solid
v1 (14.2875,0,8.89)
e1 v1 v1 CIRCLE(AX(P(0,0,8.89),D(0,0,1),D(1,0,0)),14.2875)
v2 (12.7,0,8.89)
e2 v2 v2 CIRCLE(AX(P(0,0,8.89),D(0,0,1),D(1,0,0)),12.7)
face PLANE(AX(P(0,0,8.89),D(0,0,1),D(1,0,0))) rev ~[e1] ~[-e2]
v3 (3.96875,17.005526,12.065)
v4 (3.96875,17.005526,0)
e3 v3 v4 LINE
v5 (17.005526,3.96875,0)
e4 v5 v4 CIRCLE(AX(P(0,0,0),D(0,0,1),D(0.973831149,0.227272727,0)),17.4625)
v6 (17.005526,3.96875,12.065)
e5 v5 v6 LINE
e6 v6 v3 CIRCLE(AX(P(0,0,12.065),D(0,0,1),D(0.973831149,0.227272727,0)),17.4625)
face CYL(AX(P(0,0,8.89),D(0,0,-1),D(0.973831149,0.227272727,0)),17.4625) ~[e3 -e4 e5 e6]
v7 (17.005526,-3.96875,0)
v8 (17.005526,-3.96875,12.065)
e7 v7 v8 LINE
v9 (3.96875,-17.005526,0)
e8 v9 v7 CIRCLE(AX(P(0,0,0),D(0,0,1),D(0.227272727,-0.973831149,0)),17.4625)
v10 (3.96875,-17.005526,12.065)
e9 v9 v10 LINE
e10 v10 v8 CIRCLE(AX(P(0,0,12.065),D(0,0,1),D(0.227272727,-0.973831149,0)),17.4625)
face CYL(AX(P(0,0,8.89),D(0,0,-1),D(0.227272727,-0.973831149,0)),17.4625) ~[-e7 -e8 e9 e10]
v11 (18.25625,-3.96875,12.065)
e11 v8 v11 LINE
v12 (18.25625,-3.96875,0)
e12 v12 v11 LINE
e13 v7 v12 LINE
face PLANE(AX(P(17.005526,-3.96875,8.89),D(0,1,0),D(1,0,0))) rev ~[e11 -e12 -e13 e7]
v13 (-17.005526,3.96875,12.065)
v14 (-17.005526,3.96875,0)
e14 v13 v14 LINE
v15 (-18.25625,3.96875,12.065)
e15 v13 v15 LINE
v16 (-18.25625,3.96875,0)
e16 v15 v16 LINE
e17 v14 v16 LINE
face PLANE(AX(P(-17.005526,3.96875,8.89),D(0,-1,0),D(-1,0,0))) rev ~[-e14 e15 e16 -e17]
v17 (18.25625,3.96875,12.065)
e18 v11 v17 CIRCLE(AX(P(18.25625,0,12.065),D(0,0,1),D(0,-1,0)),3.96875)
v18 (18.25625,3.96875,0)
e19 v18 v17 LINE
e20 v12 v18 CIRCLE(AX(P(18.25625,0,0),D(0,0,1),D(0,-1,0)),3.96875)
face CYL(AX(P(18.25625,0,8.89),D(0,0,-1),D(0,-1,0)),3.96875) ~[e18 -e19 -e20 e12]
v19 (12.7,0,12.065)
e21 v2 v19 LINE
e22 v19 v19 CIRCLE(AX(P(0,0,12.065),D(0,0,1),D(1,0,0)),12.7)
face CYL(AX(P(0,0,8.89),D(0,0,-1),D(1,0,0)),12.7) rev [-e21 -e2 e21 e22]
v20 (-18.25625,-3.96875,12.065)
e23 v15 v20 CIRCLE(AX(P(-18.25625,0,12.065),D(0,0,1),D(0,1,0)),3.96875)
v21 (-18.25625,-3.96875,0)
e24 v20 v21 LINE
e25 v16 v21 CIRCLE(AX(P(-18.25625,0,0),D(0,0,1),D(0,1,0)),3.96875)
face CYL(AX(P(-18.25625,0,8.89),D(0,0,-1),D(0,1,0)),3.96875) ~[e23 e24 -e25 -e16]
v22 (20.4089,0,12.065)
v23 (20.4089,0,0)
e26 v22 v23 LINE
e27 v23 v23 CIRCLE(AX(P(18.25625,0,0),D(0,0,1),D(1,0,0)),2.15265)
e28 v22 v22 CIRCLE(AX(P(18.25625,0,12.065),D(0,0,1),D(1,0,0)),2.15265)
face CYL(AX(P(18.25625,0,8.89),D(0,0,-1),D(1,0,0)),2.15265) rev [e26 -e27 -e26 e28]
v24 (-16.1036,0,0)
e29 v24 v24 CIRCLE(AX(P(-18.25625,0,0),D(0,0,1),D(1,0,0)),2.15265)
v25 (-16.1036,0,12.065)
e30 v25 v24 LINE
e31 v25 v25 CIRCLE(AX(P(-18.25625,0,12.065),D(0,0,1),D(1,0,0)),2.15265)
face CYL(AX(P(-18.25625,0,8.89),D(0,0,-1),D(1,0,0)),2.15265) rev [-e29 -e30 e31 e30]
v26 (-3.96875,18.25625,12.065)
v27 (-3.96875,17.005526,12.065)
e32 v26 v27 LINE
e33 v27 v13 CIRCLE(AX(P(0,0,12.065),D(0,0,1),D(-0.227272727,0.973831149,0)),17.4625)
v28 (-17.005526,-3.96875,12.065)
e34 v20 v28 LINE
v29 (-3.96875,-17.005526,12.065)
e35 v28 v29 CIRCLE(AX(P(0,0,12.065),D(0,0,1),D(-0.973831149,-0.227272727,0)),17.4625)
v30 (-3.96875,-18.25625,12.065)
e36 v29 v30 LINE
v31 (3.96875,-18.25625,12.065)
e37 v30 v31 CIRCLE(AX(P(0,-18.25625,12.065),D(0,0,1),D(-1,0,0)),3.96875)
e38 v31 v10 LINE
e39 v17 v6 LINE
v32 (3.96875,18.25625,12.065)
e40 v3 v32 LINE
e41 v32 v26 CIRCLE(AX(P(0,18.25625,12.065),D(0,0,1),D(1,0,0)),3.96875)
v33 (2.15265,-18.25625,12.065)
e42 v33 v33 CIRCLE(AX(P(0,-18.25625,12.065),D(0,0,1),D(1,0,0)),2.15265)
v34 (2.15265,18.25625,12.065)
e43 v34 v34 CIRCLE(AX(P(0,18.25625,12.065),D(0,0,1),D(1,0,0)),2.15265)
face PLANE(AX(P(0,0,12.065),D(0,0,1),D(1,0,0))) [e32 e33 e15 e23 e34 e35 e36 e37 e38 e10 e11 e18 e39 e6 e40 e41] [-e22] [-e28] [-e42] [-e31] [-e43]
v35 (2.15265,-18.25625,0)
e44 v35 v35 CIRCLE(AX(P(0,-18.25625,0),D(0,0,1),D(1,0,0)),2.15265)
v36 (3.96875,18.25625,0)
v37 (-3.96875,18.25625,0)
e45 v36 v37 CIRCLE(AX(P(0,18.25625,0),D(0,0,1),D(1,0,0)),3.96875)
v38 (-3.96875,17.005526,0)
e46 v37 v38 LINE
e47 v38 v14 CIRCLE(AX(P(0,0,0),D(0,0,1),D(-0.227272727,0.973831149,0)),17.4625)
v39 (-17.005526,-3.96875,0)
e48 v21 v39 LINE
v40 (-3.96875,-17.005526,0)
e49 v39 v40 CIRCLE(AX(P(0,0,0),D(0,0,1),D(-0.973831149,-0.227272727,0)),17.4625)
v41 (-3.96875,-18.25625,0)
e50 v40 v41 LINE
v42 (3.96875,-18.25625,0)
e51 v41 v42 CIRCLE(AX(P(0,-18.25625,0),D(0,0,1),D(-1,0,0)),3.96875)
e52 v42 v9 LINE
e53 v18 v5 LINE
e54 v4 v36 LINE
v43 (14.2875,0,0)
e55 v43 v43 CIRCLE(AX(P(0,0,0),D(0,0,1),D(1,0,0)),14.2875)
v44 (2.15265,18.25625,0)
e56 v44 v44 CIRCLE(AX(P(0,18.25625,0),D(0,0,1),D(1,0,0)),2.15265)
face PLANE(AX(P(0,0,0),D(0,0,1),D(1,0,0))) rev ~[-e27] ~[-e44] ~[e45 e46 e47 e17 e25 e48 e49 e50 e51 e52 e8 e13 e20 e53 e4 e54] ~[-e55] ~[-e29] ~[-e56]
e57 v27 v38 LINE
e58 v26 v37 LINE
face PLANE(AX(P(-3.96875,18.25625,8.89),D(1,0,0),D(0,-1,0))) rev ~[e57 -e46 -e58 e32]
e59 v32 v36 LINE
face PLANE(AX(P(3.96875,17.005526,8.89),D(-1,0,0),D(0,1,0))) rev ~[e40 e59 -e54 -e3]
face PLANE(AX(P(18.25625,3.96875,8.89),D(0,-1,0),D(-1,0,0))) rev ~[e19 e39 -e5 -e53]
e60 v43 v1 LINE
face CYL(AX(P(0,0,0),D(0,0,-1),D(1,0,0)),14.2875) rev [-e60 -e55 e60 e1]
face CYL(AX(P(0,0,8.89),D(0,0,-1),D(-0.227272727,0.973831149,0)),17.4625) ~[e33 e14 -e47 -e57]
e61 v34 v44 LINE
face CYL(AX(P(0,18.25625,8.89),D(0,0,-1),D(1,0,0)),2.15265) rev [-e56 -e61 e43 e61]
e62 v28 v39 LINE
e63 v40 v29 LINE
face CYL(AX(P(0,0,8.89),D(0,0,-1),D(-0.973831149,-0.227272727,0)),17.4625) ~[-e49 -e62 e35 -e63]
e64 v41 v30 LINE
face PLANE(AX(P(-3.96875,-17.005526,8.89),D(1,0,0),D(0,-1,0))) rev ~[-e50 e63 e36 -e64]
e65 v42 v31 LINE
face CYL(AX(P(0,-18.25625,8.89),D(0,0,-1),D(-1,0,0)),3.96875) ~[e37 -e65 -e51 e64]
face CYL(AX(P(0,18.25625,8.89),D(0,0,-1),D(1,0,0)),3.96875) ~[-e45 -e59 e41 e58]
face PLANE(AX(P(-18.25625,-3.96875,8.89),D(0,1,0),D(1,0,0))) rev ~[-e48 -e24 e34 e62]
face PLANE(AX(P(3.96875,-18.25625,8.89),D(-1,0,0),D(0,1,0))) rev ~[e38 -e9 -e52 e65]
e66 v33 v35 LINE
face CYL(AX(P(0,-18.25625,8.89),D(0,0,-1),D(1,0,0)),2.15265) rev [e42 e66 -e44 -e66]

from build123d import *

# Parameters (mm, degrees)
F0_R     = 2.15265
F0_R_2   = 14.2875
F1_DEPTH = 8.89
F2_R     = 2.15265
F2_R_2   = 14.2875
F2_R_3   = 12.7
F3_DEPTH = 3.175


with BuildPart() as f1:
    # F0 (on Top) → F1 (new body)
    with BuildSketch(Plane.XY):
        with BuildLine():
            Line((3.96875, 17.0055264455), (3.96875, 18.25625))
            ThreePointArc((3.96875, 18.25625), (0, 22.225), (-3.96875, 18.25625))
            Line((-3.96875, 18.25625), (-3.96875, 17.0055264455))
            ThreePointArc((-3.96875, 17.0055264455), (-12.3478521665, 12.3478521665), (-17.0055264455, 3.96875))
            Line((-17.0055264455, 3.96875), (-18.25625, 3.96875))
            ThreePointArc((-18.25625, 3.96875), (-22.225, 0), (-18.25625, -3.96875))
            Line((-18.25625, -3.96875), (-17.0055264455, -3.96875))
            ThreePointArc((-17.0055264455, -3.96875), (-12.3478521665, -12.3478521665), (-3.96875, -17.0055264455))
            Line((-3.96875, -17.0055264455), (-3.96875, -18.25625))
            ThreePointArc((-3.96875, -18.25625), (0, -22.225), (3.96875, -18.25625))
            Line((3.96875, -18.25625), (3.96875, -17.0055264455))
            ThreePointArc((3.96875, -17.0055264455), (12.3478521665, -12.3478521665), (17.0055264455, -3.96875))
            Line((17.0055264455, -3.96875), (18.25625, -3.96875))
            ThreePointArc((18.25625, -3.96875), (22.225, 0), (18.25625, 3.96875))
            Line((18.25625, 3.96875), (17.0055264455, 3.96875))
            ThreePointArc((17.0055264455, 3.96875), (12.3478521665, 12.3478521665), (3.96875, 17.0055264455))
        make_face()
        with Locations((0, -18.25625)):
            Circle(F0_R, mode=Mode.SUBTRACT)
        with Locations((-18.25625, 0)):
            Circle(F0_R, mode=Mode.SUBTRACT)
        Circle(F0_R_2, mode=Mode.SUBTRACT)
        with Locations((18.25625, 0)):
            Circle(F0_R, mode=Mode.SUBTRACT)
        with Locations((0, 18.25625)):
            Circle(F0_R, mode=Mode.SUBTRACT)
    extrude(amount=F1_DEPTH)

    # F2 (on face) → F3 (join)
    with BuildSketch(Plane.XY.offset(8.89)):
        with BuildLine():
            ThreePointArc((-17.0055264455, -3.96875), (-12.3478521665, -12.3478521665), (-3.96875, -17.0055264455))
            Line((-3.96875, -17.0055264455), (-3.96875, -18.25625))
            ThreePointArc((-3.96875, -18.25625), (0, -22.225), (3.96875, -18.25625))
            Line((3.96875, -18.25625), (3.96875, -17.0055264455))
            ThreePointArc((3.96875, -17.0055264455), (12.3478521665, -12.3478521665), (17.0055264455, -3.96875))
            Line((17.0055264455, -3.96875), (18.25625, -3.96875))
            ThreePointArc((18.25625, -3.96875), (22.225, 0), (18.25625, 3.96875))
            Line((18.25625, 3.96875), (17.0055264455, 3.96875))
            ThreePointArc((17.0055264455, 3.96875), (12.3478521665, 12.3478521665), (3.96875, 17.0055264455))
            Line((3.96875, 17.0055264455), (3.96875, 18.25625))
            ThreePointArc((3.96875, 18.25625), (0, 22.225), (-3.96875, 18.25625))
            Line((-3.96875, 18.25625), (-3.96875, 17.0055264455))
            ThreePointArc((-3.96875, 17.0055264455), (-12.3478521665, 12.3478521665), (-17.0055264455, 3.96875))
            Line((-17.0055264455, 3.96875), (-18.25625, 3.96875))
            ThreePointArc((-18.25625, 3.96875), (-22.225, 0), (-18.25625, -3.96875))
            Line((-18.25625, -3.96875), (-17.0055264455, -3.96875))
        make_face()
        with Locations((0, -18.25625)):
            Circle(F2_R, mode=Mode.SUBTRACT)
        with Locations((-18.25625, 0)):
            Circle(F2_R, mode=Mode.SUBTRACT)
        Circle(F2_R_2, mode=Mode.SUBTRACT)
        with Locations((18.25625, 0)):
            Circle(F2_R, mode=Mode.SUBTRACT)
        with Locations((0, 18.25625)):
            Circle(F2_R, mode=Mode.SUBTRACT)
        Circle(F2_R_2)
        Circle(F2_R_3, mode=Mode.SUBTRACT)
    extrude(amount=F3_DEPTH)


solid = f1.part
